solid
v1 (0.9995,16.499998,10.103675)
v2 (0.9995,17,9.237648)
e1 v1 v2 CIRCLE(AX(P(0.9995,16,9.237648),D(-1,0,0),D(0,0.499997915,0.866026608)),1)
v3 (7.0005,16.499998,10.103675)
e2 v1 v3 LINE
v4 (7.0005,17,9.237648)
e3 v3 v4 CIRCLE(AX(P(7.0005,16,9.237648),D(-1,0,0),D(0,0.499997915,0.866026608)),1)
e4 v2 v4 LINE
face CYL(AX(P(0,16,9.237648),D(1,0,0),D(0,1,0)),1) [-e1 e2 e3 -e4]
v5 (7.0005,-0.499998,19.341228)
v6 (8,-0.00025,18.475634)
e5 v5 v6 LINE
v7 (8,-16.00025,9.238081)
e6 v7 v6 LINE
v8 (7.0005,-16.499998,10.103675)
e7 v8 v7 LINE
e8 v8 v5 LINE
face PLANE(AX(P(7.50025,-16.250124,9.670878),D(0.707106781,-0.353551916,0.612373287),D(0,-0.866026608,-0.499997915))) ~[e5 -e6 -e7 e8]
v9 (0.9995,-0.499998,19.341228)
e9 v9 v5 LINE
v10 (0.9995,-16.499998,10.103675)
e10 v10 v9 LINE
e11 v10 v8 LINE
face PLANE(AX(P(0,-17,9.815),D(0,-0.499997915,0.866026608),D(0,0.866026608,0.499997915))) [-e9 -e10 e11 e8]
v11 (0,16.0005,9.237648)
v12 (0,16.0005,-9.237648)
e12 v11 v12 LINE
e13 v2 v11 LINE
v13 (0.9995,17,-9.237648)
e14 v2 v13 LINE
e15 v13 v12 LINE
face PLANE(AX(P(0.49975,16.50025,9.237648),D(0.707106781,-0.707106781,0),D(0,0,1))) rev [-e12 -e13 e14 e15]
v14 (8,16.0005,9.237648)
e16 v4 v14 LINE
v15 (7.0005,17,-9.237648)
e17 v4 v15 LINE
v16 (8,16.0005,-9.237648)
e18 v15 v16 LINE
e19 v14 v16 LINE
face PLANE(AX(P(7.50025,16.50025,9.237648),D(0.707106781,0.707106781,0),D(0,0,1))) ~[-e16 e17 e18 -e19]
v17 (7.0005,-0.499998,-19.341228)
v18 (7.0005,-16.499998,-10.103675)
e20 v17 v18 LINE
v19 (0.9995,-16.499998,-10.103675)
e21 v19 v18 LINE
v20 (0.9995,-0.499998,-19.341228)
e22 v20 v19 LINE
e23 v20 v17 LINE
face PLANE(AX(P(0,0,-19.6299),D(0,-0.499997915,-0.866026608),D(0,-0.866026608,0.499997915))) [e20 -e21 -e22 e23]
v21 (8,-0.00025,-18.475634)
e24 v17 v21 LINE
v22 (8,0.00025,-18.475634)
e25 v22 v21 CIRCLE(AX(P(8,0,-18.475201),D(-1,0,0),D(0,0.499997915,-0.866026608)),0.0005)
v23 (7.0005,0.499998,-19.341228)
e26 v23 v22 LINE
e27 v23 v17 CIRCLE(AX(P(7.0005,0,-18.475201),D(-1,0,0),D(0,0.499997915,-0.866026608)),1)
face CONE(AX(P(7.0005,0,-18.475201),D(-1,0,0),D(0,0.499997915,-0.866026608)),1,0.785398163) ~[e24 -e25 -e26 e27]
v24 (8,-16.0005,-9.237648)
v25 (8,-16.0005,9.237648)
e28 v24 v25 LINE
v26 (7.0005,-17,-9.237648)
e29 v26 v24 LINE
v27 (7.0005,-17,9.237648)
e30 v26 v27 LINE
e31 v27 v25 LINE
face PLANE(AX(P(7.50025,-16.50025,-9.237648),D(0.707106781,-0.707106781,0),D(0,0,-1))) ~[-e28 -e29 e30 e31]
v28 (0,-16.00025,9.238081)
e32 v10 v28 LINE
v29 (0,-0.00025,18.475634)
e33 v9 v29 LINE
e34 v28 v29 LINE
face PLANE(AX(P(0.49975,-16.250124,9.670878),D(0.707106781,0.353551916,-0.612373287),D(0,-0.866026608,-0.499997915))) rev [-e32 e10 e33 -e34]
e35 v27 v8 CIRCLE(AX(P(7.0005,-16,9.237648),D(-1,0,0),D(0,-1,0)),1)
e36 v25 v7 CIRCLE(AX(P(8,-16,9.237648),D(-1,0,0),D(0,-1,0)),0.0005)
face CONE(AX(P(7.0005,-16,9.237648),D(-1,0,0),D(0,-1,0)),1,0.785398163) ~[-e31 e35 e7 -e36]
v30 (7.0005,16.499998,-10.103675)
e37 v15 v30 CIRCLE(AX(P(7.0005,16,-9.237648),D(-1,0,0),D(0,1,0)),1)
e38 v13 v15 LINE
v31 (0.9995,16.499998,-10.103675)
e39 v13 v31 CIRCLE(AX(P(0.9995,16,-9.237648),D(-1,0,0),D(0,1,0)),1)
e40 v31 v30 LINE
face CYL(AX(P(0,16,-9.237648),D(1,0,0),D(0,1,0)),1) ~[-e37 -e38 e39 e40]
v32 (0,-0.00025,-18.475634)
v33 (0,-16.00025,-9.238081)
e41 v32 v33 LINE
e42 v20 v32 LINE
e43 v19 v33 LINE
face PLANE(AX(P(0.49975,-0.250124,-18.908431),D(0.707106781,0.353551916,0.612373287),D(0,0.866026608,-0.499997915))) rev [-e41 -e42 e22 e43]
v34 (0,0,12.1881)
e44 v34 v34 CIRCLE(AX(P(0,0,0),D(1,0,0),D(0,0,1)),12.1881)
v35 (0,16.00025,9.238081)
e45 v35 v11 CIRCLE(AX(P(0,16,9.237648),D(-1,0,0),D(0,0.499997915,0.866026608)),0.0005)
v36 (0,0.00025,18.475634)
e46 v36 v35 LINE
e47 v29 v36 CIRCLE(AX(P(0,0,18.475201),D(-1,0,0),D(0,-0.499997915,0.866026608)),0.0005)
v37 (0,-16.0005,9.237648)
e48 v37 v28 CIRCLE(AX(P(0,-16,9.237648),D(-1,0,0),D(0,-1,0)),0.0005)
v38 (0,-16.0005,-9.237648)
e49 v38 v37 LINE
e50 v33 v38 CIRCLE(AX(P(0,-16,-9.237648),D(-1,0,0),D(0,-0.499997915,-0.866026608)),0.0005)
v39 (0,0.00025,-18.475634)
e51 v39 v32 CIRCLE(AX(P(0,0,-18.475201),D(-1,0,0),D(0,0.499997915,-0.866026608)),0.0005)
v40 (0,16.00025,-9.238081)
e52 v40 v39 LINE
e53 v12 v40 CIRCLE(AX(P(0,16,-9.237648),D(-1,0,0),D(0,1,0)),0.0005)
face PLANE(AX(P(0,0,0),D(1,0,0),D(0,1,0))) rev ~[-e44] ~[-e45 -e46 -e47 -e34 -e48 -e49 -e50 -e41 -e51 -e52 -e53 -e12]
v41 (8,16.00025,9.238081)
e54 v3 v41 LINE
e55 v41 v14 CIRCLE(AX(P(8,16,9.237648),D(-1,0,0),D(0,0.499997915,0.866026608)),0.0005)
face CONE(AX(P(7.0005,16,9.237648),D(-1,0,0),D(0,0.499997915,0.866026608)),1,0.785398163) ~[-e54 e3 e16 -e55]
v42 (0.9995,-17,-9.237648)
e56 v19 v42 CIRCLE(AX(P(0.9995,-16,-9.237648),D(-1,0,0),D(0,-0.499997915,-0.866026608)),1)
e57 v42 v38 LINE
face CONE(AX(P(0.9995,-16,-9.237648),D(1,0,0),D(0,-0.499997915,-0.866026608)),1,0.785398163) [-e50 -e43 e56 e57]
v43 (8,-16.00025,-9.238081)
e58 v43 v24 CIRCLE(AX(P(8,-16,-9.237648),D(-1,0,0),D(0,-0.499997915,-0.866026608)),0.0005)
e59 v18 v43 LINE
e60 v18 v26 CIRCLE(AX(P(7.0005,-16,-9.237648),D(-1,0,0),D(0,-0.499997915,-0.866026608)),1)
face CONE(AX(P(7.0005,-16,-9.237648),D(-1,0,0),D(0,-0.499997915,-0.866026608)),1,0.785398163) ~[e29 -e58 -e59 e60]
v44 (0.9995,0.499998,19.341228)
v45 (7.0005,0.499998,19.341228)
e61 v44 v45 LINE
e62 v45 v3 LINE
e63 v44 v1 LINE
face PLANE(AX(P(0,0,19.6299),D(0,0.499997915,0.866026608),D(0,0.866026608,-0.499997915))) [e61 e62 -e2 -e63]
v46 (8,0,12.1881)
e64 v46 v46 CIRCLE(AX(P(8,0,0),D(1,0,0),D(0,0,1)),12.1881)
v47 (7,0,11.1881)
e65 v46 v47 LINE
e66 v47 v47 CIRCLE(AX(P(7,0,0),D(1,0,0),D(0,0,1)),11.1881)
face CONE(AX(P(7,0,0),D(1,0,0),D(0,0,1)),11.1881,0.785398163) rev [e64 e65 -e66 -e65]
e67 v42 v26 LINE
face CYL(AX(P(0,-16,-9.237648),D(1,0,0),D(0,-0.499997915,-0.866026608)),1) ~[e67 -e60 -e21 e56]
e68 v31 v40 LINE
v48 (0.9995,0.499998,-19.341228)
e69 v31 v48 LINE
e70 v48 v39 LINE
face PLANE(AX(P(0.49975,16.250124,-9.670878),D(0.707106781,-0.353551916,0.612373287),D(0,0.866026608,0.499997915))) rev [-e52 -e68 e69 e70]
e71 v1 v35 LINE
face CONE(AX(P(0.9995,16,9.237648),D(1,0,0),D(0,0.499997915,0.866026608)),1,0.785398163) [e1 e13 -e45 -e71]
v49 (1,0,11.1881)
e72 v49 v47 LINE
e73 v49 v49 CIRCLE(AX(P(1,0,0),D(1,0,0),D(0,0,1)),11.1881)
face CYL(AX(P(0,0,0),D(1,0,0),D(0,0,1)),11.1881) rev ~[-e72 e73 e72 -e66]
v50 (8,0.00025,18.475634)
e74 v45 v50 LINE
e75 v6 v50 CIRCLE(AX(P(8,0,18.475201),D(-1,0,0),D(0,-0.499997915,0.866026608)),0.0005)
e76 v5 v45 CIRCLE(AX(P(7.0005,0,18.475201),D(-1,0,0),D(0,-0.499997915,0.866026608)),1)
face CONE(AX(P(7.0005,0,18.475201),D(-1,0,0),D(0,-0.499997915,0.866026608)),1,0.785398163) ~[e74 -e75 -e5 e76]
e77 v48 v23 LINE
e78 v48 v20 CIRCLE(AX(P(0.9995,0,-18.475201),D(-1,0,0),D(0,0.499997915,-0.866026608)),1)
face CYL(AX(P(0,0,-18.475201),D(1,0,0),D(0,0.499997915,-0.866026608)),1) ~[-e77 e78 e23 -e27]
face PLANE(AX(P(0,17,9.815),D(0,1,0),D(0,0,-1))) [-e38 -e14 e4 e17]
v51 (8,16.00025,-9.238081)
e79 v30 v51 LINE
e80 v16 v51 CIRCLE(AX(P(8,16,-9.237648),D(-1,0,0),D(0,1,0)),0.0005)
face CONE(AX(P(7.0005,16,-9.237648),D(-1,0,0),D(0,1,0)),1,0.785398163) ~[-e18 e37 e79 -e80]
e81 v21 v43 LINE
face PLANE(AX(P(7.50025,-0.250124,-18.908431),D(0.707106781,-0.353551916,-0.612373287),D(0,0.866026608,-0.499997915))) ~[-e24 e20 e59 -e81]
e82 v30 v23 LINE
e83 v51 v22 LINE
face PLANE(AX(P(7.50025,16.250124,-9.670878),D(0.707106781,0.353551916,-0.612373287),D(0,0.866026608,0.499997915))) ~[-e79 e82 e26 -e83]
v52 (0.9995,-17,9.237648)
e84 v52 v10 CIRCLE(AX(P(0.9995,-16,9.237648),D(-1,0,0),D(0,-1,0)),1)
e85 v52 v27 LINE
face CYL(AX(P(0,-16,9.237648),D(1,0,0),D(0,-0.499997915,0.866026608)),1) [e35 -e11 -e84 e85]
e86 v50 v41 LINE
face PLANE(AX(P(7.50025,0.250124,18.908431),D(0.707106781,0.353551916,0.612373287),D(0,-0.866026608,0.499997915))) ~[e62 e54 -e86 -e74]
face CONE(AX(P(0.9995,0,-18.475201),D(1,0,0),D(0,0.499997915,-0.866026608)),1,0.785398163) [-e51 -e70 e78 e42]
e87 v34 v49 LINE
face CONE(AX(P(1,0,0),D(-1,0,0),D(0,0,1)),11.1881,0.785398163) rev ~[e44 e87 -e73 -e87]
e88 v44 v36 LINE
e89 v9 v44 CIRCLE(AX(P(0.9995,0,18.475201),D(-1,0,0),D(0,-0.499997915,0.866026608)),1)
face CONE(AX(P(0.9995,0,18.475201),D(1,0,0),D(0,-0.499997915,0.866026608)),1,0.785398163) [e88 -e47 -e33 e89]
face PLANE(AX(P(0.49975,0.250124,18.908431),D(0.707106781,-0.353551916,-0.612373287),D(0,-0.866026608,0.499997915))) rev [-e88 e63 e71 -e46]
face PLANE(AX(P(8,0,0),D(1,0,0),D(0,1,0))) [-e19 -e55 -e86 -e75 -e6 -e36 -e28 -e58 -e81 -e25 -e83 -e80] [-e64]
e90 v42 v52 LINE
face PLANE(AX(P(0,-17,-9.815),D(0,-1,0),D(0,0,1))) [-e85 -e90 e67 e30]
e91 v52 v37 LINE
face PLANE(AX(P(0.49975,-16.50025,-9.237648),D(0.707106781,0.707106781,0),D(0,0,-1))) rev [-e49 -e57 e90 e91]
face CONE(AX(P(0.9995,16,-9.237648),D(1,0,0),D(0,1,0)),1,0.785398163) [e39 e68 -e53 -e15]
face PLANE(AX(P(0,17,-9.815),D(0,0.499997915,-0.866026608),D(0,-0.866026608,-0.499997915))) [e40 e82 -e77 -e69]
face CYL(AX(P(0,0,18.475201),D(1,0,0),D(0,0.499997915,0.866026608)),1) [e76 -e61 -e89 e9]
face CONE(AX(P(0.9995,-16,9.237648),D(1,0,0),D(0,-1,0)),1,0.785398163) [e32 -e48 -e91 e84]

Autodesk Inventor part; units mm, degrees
ref_plane "YZ Plane" through (0, 0, 0) normal (1, 0, 0) x (0, 1, 0)
ref_plane "XZ Plane" through (0, 0, 0) normal (0, 1, 0) x (-1, 0, 0)
ref_plane "XY Plane" through (0, 0, 0) normal (0, 0, 1) x (1, 0, 0)
sketch "Boceto1" plane through (0, 0, 0) normal (1, 0, 0) x (0, 1, 0)
  line L0 (17, 9.815) -> (17, -9.815)
  line L1 (17, 9.815) -> (0, 0) construction
  line L2 (0, 0) -> (17, -9.815) construction
  line L3 (0, 0) -> (17, 9.815) construction
  line L4 (0, 19.6299) -> (17, 9.815)
  line L5 (0, 19.6299) -> (0, 0) construction
  line L6 (0, 0) -> (0, 19.6299) construction
  line L7 (-17, 9.815) -> (0, 19.6299)
  line L8 (-17, 9.815) -> (0, 0) construction
  line L9 (0, 0) -> (-17, 9.815) construction
  line L10 (-17, -9.815) -> (-17, 9.815)
  line L11 (-17, -9.815) -> (0, 0) construction
  line L12 (0, 0) -> (-17, -9.815) construction
  line L13 (0, -19.6299) -> (-17, -9.815)
  line L14 (0, -19.6299) -> (0, 0) construction
  line L15 (0, 0) -> (0, -19.6299) construction
  line L16 (17, -9.815) -> (0, -19.6299)
  line L17 (17, -9.815) -> (0, 0) construction
  point P0 (17, 0)
  point P1 (8.5, 14.7224)
  point P2 (-8.5, 14.7224)
  point P3 (-17, 0)
  point P4 (-8.5, -14.7224)
  point P5 (8.5, -14.7224)
  point P6 (17, 9.815)
  point P7 (0, 19.6299)
  point P8 (-17, 9.815)
  point P9 (-17, -9.815)
  point P10 (0, -19.6299)
  point P11 (17, -9.815)
  dimension "d1" = 60
  dimension "d2" = 17
  dimension "d5" = 360
extrude "Extrusión1" add sketch "Boceto1" along normal blind 8
hole "Agujero1" at (0, 0, 0) direction (1, 0, 0) diameter 22.3762 end through all thread size "M24x1.5" class "6H" standard "ISO Metric profile"
fillet "Empalme1" radius 1 6 edges at (4, 17, -9.815) (4, 0, -19.6299) (4, -17, -9.815) (4, 17, 9.815) (4, 0, 19.6299) (4, -17, 9.815)
chamfer "Chaflán1" distance 1 angle 45 24 edges at (8, 17, 0) (8, 16.866, 9.7376) (8, 8.5, 14.7224) (8, 0, 19.4752) (8, -8.5, 14.7224) (8, -16.866, 9.7376) (8, -17, 0) (8, -16.866, -9.7376) (8, -8.5, -14.7224) (8, 0, -19.4752) (8, 8.5, -14.7224) (8, 16.866, -9.7376) (0, 17, 0) (0, 16.866, 9.7376) (0, 8.5, 14.7224) (0, 0, 19.4752) (0, -8.5, 14.7224) (0, -16.866, 9.7376) (0, -17, 0) (0, -16.866, -9.7376) (0, -8.5, -14.7224) (0, 0, -19.4752) (0, 8.5, -14.7224) (0, 16.866, -9.7376)
chamfer "Chaflán2" distance 1 angle 45 2 edges at (0, 0, -11.1881) (8, 0, -11.1881)
properties part number "tuerca"
